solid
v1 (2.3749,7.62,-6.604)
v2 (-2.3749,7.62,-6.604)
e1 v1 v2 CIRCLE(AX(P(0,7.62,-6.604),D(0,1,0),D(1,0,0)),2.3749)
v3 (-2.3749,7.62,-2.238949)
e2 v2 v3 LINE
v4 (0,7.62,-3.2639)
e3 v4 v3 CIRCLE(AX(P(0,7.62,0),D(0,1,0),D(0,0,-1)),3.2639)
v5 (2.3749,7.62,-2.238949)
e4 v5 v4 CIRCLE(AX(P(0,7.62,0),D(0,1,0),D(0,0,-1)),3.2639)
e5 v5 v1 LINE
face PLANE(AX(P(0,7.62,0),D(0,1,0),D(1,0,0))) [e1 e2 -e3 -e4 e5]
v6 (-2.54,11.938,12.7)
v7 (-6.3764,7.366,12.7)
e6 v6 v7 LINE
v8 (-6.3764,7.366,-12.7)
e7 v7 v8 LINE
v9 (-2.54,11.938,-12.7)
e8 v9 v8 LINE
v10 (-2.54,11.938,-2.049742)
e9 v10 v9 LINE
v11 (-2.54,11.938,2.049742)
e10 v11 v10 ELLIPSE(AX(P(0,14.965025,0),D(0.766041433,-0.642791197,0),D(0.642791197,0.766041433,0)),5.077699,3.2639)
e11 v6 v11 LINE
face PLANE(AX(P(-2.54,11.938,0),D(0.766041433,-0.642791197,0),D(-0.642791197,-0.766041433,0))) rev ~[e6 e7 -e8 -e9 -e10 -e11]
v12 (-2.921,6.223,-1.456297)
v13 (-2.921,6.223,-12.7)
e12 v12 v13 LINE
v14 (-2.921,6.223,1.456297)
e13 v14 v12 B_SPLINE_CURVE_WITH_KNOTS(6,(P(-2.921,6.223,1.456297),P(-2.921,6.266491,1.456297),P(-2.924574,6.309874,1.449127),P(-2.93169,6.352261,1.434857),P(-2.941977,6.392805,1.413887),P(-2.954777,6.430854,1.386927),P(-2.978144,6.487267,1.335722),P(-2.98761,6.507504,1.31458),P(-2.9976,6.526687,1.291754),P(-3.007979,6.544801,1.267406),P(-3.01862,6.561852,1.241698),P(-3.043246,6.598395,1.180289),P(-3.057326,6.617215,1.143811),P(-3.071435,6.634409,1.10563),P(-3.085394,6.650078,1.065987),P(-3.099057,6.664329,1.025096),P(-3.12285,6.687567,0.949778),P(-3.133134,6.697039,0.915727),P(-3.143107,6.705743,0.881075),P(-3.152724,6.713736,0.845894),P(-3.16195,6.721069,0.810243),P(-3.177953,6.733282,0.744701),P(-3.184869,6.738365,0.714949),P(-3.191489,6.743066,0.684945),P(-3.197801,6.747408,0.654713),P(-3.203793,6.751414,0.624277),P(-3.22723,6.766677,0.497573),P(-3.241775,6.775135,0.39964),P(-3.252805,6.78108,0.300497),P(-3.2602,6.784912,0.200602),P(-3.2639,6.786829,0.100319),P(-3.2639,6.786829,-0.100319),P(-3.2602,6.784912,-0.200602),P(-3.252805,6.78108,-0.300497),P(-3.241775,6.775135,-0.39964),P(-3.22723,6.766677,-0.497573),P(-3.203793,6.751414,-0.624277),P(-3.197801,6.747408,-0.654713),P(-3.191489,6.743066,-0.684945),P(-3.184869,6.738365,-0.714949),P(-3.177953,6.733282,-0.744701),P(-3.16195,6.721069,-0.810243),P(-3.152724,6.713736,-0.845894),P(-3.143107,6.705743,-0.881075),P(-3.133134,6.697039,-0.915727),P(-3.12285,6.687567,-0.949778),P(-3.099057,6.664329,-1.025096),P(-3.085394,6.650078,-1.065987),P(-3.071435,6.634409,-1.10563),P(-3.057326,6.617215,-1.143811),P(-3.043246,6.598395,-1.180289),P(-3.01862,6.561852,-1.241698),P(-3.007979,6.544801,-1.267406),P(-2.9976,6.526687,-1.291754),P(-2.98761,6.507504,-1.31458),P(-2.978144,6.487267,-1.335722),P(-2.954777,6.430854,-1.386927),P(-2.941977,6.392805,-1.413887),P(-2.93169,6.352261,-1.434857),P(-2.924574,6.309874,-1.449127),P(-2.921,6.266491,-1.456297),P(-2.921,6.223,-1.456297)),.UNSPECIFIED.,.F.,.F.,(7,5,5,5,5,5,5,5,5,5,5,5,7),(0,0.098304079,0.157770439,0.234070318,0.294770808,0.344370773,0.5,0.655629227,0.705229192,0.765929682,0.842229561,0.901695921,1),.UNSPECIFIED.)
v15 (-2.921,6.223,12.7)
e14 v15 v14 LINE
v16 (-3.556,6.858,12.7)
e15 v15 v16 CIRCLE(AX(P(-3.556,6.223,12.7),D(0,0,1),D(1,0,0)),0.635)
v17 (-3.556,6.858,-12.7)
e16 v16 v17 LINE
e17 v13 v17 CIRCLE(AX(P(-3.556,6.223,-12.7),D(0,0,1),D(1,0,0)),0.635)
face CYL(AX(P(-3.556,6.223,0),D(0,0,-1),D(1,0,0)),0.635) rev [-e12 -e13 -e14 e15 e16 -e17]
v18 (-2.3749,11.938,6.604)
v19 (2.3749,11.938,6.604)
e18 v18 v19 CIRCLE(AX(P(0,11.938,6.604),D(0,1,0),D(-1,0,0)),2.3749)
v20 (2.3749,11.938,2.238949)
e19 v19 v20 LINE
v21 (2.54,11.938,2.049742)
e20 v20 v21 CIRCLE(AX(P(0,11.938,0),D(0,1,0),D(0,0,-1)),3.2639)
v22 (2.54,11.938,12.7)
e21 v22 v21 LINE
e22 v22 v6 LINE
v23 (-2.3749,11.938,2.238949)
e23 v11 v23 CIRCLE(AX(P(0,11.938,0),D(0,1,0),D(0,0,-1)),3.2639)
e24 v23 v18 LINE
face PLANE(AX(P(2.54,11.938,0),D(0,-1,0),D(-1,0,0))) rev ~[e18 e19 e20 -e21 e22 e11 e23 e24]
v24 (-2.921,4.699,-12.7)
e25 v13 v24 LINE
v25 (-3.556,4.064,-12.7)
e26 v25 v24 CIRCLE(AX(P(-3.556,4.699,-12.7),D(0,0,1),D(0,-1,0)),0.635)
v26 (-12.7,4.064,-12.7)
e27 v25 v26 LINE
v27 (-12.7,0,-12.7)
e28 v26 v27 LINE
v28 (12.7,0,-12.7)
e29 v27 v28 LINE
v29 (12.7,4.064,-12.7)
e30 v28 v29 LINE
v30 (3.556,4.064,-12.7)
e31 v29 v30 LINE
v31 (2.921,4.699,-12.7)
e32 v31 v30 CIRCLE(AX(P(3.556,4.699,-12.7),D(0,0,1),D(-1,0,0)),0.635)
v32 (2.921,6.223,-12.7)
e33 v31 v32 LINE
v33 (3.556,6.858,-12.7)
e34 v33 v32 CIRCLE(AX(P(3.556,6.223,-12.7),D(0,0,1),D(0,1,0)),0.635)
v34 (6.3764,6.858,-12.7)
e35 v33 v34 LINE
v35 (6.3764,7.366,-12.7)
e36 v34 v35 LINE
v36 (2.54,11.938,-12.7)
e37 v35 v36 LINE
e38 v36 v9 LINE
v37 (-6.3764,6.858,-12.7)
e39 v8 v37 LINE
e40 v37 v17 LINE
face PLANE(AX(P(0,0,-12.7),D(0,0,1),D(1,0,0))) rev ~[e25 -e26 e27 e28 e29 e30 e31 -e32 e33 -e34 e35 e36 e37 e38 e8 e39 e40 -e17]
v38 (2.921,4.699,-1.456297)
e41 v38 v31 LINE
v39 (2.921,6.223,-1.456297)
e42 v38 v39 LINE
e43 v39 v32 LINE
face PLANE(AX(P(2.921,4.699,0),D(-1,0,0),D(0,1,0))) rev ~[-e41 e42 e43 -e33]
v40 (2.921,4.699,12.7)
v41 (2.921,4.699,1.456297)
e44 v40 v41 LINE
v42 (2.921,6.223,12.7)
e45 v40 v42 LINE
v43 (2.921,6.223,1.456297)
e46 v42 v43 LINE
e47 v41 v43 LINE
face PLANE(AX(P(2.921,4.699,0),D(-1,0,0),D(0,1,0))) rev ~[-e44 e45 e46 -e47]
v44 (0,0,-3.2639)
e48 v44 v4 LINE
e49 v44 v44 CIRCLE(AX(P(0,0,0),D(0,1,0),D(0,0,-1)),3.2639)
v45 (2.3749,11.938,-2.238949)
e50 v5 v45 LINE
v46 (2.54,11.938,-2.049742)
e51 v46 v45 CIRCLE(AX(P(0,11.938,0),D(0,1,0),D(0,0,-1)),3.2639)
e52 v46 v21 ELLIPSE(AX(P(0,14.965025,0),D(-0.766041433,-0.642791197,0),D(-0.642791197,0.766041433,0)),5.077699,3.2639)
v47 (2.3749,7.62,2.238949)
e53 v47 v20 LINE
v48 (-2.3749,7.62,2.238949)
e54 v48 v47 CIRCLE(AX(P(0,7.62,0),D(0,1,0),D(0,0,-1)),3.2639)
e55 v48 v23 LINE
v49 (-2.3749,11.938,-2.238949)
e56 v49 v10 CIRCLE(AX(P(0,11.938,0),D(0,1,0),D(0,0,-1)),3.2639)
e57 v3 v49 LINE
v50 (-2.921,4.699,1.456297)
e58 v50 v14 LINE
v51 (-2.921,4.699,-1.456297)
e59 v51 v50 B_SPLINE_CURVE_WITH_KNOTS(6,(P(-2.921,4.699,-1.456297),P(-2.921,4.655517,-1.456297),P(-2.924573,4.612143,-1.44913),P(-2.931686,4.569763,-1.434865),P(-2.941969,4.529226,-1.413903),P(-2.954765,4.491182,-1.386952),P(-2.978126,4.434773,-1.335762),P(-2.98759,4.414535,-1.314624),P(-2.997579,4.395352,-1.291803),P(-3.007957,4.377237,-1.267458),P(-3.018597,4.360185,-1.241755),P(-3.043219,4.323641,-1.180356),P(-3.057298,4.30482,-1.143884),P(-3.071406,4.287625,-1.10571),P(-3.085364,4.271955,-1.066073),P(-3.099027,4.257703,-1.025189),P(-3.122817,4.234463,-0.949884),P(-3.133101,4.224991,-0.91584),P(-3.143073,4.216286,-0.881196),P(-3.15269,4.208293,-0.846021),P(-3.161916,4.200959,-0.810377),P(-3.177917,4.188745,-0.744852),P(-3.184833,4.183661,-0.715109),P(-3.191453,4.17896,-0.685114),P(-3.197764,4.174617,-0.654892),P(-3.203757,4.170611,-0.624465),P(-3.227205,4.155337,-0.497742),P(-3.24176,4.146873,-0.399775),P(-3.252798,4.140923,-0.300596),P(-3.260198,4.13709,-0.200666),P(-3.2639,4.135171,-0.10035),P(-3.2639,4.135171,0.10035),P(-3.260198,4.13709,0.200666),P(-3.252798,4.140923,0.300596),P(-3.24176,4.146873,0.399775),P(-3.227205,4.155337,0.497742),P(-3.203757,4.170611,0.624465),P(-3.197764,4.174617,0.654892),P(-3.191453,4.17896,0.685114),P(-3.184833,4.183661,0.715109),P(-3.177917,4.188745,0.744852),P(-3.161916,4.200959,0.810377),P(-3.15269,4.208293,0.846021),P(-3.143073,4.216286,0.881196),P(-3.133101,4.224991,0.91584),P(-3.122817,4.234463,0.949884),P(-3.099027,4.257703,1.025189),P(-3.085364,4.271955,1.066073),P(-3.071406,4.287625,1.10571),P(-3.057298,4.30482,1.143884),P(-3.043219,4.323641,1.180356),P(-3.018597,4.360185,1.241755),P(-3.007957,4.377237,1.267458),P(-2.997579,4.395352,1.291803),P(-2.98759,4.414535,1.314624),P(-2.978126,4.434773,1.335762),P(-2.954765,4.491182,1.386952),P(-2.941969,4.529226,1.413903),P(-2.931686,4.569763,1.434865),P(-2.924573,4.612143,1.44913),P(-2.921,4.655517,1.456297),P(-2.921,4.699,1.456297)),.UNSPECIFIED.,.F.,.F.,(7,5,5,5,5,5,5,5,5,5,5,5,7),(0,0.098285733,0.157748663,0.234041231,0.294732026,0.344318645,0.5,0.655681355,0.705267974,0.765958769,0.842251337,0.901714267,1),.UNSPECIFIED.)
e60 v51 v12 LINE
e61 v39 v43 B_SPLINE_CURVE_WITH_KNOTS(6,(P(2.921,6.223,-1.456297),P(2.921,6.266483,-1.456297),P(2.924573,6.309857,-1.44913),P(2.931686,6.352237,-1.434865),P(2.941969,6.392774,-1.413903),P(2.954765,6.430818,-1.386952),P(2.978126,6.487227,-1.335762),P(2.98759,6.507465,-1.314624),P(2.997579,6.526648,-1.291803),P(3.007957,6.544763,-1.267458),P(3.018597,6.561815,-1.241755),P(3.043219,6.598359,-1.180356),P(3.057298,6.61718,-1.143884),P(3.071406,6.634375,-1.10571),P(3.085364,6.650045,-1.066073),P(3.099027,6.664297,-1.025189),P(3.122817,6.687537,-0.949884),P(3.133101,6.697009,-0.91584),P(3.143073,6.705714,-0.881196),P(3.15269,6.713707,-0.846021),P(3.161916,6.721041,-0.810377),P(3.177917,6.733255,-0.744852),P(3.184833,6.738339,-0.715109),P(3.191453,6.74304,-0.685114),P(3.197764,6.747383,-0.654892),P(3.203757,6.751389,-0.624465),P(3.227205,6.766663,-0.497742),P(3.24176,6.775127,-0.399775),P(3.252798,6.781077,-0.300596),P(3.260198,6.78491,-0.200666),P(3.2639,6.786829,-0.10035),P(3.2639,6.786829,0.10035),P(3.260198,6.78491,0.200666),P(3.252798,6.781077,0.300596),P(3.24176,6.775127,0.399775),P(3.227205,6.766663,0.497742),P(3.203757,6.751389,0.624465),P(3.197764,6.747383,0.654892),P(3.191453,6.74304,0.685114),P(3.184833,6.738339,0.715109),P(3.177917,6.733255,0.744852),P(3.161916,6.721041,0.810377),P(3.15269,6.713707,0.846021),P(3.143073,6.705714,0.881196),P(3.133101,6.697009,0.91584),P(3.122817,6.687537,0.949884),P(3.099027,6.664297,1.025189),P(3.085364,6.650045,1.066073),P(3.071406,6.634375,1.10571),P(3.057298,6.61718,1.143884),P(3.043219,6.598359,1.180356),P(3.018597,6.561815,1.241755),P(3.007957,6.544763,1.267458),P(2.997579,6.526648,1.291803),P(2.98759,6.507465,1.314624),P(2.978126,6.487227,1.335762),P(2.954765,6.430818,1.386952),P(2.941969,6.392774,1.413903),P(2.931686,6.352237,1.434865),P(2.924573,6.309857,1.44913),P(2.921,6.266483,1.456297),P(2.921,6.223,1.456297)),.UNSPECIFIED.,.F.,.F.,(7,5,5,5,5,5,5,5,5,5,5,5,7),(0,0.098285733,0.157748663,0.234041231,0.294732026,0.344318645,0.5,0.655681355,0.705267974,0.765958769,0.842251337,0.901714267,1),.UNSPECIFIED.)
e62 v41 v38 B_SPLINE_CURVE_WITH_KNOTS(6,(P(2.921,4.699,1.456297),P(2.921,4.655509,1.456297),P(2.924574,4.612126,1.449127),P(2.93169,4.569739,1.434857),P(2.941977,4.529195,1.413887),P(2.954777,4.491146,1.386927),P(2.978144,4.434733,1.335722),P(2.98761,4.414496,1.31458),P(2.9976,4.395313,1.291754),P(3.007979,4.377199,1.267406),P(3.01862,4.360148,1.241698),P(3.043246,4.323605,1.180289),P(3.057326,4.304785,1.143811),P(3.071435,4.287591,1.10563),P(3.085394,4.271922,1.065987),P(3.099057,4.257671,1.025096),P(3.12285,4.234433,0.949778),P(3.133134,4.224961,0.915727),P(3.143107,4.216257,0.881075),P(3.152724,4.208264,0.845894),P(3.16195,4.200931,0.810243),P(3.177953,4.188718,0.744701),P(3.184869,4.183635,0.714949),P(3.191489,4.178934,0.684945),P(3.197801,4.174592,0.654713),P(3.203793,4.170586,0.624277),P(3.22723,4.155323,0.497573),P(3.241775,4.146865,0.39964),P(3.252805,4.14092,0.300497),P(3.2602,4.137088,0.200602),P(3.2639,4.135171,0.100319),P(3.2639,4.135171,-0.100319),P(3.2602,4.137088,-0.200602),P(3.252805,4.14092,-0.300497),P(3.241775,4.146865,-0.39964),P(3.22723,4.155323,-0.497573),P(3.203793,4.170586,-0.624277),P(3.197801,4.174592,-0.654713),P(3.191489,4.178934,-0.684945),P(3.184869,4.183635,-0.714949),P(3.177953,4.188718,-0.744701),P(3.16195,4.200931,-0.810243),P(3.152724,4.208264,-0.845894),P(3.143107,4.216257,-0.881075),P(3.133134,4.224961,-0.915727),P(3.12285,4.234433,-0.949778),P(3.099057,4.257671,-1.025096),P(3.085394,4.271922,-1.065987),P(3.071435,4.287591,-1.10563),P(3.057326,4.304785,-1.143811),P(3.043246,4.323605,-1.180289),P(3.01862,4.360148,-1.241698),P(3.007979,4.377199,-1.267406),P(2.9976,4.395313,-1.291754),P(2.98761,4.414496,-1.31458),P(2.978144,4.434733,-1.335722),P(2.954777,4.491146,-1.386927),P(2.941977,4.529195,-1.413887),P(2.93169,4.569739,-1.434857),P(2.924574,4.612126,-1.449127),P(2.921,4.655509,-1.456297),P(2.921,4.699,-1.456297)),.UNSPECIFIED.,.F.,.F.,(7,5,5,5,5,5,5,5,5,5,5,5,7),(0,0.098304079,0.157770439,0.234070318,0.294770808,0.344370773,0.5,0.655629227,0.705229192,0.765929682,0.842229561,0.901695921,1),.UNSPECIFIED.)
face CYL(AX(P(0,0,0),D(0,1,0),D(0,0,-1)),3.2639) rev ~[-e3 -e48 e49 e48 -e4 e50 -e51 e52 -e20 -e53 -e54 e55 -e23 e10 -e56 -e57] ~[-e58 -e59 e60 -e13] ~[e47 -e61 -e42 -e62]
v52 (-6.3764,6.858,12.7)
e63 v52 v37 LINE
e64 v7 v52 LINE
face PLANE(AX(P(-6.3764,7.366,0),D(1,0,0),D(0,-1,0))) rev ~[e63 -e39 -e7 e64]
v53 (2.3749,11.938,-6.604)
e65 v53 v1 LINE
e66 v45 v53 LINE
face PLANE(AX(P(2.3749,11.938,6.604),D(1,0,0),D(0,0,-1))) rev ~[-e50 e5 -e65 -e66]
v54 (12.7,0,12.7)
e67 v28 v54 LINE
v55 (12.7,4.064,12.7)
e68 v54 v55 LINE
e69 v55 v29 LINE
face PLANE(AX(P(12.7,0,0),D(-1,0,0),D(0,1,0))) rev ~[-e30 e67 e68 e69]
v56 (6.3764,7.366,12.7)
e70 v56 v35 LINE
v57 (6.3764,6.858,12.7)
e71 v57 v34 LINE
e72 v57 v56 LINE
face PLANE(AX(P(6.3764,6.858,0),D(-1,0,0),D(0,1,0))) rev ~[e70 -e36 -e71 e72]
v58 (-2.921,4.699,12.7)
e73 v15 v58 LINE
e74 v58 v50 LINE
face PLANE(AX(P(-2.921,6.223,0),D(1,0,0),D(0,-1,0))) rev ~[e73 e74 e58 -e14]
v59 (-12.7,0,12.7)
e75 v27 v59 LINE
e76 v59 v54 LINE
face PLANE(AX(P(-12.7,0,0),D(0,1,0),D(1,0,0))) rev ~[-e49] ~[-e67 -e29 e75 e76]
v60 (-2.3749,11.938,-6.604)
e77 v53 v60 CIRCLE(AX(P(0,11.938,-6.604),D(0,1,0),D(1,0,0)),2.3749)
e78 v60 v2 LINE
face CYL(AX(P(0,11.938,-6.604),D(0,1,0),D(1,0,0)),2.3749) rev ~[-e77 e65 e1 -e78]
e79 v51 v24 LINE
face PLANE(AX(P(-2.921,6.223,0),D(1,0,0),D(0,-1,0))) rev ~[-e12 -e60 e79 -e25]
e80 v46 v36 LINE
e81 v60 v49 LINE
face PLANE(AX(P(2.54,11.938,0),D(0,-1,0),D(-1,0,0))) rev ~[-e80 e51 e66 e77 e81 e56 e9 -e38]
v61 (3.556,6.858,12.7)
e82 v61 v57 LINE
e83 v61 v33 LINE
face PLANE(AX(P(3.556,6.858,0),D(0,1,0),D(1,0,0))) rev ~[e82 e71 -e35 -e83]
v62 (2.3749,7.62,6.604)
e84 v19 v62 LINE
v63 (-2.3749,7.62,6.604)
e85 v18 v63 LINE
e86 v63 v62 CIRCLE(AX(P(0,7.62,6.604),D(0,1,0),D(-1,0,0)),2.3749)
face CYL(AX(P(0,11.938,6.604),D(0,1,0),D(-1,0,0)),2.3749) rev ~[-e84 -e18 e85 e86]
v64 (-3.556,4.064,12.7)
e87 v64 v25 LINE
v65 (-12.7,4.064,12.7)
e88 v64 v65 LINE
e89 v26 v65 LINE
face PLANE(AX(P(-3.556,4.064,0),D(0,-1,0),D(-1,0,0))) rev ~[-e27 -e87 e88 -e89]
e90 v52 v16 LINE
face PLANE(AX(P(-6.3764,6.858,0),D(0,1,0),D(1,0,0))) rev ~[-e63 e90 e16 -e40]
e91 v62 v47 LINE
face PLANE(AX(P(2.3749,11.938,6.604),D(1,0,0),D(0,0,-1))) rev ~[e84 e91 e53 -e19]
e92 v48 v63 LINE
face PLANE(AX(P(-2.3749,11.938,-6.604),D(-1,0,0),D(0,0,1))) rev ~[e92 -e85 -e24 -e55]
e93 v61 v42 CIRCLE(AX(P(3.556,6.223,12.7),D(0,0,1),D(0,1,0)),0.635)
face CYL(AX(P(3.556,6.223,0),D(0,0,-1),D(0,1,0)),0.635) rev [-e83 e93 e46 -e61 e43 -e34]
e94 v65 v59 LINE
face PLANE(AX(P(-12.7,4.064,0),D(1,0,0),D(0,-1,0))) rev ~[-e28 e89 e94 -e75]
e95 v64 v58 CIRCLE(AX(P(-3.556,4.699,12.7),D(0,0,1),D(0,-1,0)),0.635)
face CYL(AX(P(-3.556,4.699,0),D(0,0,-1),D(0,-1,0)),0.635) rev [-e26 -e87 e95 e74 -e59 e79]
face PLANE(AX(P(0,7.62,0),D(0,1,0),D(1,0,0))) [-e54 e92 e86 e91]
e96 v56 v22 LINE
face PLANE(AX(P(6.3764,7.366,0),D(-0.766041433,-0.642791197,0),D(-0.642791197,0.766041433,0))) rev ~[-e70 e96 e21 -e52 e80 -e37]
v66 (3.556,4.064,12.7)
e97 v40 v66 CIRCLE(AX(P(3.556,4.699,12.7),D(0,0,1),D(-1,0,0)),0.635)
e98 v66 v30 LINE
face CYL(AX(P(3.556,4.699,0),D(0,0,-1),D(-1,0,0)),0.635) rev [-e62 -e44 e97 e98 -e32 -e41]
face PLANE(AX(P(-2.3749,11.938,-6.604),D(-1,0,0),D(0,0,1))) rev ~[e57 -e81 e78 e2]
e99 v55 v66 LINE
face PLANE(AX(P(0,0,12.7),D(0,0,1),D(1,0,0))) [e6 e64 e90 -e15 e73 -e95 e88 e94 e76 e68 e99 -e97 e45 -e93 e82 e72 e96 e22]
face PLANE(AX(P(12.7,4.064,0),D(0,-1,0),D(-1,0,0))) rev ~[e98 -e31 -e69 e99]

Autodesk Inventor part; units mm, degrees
sketch "Sketch_1" plane through (0, 0, 0) normal (0, 0, 1) x (1, 0, 0)
  line L0 (-12.7, 4.064) -> (-12.7, 0)
  line L1 (-12.7, 0) -> (12.7, 0)
  line L2 (12.7, 0) -> (12.7, 4.064)
  line L3 (12.7, 4.064) -> (3.556, 4.064)
  arc A0 (2.921, 4.699) -> (3.556, 4.064) centre (3.556, 4.699) ccw
  line L4 (2.921, 4.699) -> (2.921, 6.223)
  arc A1 (3.556, 6.858) -> (2.921, 6.223) centre (3.556, 6.223) ccw
  line L5 (3.556, 6.858) -> (6.3764, 6.858)
  line L6 (6.3764, 6.858) -> (6.3764, 7.366)
  line L7 (6.3764, 7.366) -> (2.54, 11.938)
  line L8 (2.54, 11.938) -> (-2.54, 11.938)
  line L9 (-2.54, 11.938) -> (-6.3764, 7.366)
  line L10 (-6.3764, 7.366) -> (-6.3764, 6.858)
  line L11 (-6.3764, 6.858) -> (-3.556, 6.858)
  arc A2 (-2.921, 6.223) -> (-3.556, 6.858) centre (-3.556, 6.223) ccw
  line L12 (-2.921, 6.223) -> (-2.921, 4.699)
  arc A3 (-3.556, 4.064) -> (-2.921, 4.699) centre (-3.556, 4.699) ccw
  line L13 (-3.556, 4.064) -> (-12.7, 4.064)
extrude "Extrusion1" add sketch "Sketch_1" along normal mid plane 25.4
sketch "Sketch_2" plane through (0, 11.938, 0) normal (0, 1, 0) x (1, 0, 0)
  line L0 (-2.3749, 6.604) -> (-2.3749, -6.604)
  arc A0 (-2.3749, -6.604) -> (2.3749, -6.604) centre (0, -6.604) ccw
  line L1 (2.3749, -6.604) -> (2.3749, 6.604)
  arc A1 (2.3749, 6.604) -> (-2.3749, 6.604) centre (0, 6.604) ccw
extrude "Extrusion2" cut sketch "Sketch_2" against normal blind 4.318
sketch "Sketch3" plane through (-12.7, 0, 12.7) normal (0, -1, 0) x (1, 0, 0)
  point P0 (12.7, -12.7)
hole "Hole1" at (0, 0, 0) direction (0, 1, 0) diameter 6.5278 depth 11.938
ref_plane "to_screw_XY" through (0, 0, 0) normal (0, -1, 0) x (1, 0, 0)
ref_plane "to_screw_YZ" through (0, 0, 0) normal (1, 0, 0) x (0, 0, 1)
ref_plane "to_screw_ZX" through (0, 0, 0) normal (0, 0, 1) x (0, -1, 0)
properties part number "2059_a"
